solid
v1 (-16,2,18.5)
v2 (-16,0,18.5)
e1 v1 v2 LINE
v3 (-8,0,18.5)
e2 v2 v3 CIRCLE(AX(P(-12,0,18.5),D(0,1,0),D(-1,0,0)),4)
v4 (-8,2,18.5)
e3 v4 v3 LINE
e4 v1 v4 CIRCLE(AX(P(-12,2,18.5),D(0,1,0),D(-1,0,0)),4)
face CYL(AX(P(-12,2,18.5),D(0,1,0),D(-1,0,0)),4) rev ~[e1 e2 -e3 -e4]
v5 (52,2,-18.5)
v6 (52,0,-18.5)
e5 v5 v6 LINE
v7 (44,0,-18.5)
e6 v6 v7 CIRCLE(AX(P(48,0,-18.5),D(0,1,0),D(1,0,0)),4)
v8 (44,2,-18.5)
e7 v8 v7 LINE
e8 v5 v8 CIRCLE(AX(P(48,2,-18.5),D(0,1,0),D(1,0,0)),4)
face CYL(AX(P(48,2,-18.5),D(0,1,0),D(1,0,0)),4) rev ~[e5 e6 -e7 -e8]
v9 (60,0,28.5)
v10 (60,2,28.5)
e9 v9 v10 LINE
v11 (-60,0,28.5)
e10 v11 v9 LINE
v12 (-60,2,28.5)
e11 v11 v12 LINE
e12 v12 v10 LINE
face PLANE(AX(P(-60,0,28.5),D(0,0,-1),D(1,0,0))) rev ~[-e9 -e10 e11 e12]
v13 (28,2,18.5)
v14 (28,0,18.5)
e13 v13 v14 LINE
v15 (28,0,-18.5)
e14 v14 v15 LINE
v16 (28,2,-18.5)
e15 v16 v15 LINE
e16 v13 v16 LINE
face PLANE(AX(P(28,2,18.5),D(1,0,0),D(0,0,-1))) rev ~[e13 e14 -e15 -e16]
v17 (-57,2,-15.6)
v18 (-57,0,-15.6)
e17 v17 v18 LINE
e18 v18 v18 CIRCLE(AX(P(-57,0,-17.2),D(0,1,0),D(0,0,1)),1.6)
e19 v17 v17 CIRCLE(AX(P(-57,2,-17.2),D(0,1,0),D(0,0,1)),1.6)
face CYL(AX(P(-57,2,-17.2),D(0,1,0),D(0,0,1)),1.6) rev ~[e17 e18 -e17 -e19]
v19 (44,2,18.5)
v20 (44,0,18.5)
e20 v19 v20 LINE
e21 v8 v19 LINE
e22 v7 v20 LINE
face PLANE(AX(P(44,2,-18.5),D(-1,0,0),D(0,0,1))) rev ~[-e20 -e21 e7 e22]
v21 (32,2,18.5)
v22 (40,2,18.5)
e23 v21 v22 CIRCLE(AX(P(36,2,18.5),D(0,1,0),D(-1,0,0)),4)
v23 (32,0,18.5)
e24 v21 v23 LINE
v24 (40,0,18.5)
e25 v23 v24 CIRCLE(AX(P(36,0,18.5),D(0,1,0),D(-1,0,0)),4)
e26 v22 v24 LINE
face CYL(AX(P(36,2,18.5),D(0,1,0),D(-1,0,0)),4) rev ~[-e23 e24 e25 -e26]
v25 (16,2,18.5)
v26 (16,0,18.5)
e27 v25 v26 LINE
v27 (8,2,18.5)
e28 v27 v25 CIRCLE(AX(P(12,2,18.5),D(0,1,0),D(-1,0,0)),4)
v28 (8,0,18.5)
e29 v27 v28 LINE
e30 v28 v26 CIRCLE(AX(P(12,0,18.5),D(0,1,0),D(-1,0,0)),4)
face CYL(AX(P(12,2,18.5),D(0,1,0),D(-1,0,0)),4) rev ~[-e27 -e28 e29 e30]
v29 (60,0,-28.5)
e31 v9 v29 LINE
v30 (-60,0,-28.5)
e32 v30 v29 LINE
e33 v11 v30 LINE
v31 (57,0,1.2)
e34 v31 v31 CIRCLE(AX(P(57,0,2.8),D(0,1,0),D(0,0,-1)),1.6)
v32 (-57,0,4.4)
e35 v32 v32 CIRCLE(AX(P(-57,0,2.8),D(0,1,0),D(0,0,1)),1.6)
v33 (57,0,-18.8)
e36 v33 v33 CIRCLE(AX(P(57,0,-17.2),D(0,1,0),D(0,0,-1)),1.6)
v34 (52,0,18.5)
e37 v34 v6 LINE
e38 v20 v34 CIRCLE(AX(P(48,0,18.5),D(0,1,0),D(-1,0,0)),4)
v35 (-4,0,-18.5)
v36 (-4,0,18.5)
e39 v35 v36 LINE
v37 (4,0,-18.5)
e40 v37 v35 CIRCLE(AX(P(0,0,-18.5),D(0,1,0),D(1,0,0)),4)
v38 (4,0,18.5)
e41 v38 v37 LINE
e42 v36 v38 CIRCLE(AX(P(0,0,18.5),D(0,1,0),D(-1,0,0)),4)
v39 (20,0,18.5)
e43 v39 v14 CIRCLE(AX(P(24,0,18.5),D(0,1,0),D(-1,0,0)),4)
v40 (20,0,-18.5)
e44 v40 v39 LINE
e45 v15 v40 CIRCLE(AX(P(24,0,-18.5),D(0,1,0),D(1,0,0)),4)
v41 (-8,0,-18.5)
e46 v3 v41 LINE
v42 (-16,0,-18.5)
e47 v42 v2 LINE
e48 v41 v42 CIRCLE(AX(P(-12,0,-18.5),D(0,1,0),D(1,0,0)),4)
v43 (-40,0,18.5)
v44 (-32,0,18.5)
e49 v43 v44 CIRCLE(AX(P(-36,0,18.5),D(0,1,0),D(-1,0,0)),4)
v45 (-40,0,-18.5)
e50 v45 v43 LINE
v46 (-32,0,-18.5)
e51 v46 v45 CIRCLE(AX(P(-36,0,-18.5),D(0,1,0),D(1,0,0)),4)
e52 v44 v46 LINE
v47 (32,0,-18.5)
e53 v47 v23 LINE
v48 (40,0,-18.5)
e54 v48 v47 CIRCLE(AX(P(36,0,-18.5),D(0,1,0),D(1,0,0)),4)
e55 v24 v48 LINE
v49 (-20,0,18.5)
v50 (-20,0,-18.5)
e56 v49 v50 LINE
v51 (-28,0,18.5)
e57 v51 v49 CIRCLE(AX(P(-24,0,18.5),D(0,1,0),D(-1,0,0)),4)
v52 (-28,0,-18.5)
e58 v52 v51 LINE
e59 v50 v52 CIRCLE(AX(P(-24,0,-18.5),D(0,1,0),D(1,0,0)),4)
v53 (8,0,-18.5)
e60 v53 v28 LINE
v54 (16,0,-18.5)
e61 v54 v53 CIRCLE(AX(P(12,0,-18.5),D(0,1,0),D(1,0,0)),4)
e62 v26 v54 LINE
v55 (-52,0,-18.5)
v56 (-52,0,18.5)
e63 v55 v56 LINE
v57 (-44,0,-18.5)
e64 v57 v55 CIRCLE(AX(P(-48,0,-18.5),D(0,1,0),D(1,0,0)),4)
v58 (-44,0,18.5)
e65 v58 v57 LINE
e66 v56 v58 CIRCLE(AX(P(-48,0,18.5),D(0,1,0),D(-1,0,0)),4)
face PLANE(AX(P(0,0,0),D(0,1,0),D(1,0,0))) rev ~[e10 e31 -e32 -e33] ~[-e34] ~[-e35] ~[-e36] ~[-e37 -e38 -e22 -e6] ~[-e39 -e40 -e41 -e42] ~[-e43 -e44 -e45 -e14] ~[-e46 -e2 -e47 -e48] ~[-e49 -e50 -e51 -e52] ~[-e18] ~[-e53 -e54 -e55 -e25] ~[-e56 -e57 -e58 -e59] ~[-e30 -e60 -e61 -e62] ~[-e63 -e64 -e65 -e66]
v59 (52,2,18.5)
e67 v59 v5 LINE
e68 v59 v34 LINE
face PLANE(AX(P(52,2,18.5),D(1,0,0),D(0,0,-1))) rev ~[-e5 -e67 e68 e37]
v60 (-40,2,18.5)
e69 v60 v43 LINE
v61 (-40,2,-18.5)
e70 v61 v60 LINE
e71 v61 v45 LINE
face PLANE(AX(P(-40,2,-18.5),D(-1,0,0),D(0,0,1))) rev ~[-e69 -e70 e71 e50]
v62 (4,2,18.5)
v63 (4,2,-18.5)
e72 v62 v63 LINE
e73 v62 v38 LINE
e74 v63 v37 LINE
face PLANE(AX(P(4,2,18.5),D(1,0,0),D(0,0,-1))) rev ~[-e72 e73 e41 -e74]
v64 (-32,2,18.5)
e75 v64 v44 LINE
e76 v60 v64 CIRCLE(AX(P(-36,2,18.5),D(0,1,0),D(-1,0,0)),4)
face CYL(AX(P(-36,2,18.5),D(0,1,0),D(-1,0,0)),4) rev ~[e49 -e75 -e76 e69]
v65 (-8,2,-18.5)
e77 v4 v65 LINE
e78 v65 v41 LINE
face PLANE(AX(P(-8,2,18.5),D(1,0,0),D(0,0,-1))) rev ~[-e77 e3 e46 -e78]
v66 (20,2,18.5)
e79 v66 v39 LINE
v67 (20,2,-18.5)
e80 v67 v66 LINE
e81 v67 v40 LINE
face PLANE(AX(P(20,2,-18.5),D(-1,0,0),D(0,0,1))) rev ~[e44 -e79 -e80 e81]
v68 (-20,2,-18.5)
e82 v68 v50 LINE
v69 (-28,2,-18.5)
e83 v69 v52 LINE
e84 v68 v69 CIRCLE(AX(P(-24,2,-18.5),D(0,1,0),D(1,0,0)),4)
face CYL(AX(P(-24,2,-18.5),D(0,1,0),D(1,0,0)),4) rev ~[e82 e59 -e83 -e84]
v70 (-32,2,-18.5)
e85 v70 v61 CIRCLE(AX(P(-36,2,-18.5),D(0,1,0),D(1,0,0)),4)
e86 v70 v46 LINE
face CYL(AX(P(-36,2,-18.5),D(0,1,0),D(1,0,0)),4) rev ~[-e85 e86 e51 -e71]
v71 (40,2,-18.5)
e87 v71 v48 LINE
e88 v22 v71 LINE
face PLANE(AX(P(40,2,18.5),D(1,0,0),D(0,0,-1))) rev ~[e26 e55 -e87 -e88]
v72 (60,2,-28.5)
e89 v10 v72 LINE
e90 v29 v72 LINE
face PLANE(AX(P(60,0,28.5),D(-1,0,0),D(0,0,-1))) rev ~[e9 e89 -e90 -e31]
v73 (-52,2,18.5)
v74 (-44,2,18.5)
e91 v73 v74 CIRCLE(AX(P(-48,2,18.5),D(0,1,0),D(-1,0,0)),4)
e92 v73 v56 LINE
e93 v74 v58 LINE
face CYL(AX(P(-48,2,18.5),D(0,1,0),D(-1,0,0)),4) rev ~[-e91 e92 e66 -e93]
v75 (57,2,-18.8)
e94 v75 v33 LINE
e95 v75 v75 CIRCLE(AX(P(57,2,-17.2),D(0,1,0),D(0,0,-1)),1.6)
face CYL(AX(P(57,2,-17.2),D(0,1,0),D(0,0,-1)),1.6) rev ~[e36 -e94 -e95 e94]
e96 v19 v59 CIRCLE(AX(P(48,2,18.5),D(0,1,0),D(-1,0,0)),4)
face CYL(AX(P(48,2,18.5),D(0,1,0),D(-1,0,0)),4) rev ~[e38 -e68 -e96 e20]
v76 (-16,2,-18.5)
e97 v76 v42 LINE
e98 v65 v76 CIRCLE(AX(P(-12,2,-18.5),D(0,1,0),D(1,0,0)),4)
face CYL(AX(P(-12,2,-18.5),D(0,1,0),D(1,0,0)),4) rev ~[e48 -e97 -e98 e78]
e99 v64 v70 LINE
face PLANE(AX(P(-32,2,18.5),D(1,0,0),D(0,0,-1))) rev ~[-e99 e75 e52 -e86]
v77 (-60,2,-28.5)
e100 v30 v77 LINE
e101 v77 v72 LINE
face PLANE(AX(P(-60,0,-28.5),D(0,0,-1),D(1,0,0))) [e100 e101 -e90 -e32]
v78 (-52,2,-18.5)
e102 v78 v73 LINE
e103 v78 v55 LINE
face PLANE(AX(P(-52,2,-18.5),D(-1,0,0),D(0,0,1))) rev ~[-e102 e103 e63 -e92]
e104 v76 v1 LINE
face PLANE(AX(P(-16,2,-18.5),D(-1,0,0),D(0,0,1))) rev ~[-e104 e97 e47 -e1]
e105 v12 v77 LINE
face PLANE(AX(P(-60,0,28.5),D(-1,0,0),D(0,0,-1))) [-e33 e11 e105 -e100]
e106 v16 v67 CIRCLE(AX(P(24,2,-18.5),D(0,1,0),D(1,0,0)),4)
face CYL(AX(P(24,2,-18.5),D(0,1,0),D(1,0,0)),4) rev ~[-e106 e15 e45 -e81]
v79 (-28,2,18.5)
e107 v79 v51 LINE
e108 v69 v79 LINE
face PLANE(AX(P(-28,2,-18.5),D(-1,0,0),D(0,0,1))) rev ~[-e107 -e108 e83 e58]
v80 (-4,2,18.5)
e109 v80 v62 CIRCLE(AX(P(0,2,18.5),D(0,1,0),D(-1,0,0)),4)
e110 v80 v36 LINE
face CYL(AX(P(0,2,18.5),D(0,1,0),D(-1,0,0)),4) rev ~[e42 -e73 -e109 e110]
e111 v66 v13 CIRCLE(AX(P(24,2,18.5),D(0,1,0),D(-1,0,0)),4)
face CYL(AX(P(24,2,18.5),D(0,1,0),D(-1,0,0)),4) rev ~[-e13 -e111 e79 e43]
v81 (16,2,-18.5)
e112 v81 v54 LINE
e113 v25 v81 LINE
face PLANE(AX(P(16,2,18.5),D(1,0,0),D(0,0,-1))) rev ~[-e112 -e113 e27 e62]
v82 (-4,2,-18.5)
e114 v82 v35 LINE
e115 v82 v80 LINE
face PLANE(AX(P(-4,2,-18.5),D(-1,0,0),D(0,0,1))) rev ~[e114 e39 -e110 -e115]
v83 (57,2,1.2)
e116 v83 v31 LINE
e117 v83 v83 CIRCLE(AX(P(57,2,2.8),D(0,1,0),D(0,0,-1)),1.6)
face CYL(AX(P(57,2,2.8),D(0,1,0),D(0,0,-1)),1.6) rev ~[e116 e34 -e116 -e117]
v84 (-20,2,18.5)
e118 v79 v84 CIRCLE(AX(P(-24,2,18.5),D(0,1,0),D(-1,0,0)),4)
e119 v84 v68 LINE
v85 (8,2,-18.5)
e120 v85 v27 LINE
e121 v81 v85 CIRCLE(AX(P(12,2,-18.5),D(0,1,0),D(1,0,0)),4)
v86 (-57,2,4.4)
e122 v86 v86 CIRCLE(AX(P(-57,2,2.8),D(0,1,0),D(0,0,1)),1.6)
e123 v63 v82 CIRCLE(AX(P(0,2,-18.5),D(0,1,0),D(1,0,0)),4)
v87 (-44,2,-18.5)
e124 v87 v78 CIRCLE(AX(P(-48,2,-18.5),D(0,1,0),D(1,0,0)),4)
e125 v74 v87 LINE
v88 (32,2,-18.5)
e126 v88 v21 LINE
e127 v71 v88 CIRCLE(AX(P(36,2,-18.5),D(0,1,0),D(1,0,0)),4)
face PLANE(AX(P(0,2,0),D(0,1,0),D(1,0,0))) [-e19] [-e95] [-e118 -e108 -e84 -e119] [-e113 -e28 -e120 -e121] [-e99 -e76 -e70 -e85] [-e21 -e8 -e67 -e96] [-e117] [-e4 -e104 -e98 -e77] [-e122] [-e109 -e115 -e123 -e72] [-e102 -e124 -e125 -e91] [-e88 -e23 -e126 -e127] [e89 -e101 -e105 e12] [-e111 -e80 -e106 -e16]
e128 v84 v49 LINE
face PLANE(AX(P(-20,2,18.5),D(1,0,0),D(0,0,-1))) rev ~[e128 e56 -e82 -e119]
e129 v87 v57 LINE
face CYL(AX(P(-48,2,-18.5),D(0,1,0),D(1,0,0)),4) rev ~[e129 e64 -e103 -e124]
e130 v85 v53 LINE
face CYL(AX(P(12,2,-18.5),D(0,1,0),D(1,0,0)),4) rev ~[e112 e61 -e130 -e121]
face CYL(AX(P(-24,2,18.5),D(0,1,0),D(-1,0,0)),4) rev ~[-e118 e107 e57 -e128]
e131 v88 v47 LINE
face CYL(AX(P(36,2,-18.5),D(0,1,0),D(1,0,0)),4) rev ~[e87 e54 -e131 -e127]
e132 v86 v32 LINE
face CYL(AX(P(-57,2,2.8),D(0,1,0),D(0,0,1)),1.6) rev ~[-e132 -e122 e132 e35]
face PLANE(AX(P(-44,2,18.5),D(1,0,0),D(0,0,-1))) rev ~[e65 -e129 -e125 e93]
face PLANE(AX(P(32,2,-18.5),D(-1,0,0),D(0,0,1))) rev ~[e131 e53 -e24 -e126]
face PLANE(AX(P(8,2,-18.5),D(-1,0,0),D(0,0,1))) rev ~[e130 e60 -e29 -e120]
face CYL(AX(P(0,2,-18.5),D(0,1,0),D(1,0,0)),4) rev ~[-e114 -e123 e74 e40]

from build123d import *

# Parameters (mm, degrees)
SKETCH_1_W                 = 120
SKETCH_1_H                 = 57
EXTRUDE_1_DEPTH            = 2
SKETCH_2_R                 = 1.6
CUT_EXTRUDE_1_DEPTH        = 67.454871906
CUT_EXTRUDE_2_DEPTH        = 67.454871906
PATTERN_LINEAR_1_COUNT     = 5
PATTERN_LINEAR_1_PITCH     = 12
PATTERN_LINEAR_1_COL_COUNT = 5
PATTERN_LINEAR_1_COL_PITCH = 12


with BuildPart() as part:
    # 草图1 → 凸台-拉伸1 (new body)
    with BuildSketch(Plane(origin=(0, 0, 0), x_dir=(1, 0, 0), z_dir=(0, 1, 0))):
        Rectangle(SKETCH_1_W, SKETCH_1_H)
    extrude(amount=EXTRUDE_1_DEPTH)

    # 草图2 → 切除-拉伸1 (cut, through all)
    with BuildSketch(Plane(origin=(0, 2, 0), x_dir=(1, 0, 0), z_dir=(0, 1, 0))):
        with Locations(Location((-57, 17.2, 0), (0, 0, 270))):
            Circle(SKETCH_2_R)
        with Locations(Location((-57, -2.8, 0), (0, 0, 270))):
            Circle(SKETCH_2_R)
        with Locations(Location((57, -2.8, 0), (0, 0, 90))):
            Circle(SKETCH_2_R)
        with Locations(Location((57, 17.2, 0), (0, 0, 90))):
            Circle(SKETCH_2_R)
    extrude(amount=-CUT_EXTRUDE_1_DEPTH, mode=Mode.SUBTRACT)

    # 草图3 → 切除-拉伸2 (cut, through all)
    with BuildSketch(Plane(origin=(0, 2, 0), x_dir=(1, 0, 0), z_dir=(0, 1, 0))):
        with BuildLine():
            ThreePointArc((-4, -18.5), (0, -14.5), (4, -18.5))
            Line((4, -18.5), (4, 18.5))
            ThreePointArc((4, 18.5), (0, 14.5), (-4, 18.5))
            Line((-4, 18.5), (-4, -18.5))
        make_face()
        with BuildLine():
            ThreePointArc((-4, 18.5), (0, 14.5), (4, 18.5))
            Line((4, 18.5), (-4, 18.5))
        make_face()
        with BuildLine():
            Line((-4, 18.5), (4, 18.5))
            ThreePointArc((4, 18.5), (0, 22.5), (-4, 18.5))
        make_face()
        with BuildLine():
            ThreePointArc((-4, -18.5), (0, -22.5), (4, -18.5))
            Line((4, -18.5), (-4, -18.5))
        make_face()
        with BuildLine():
            Line((-4, -18.5), (4, -18.5))
            ThreePointArc((4, -18.5), (0, -14.5), (-4, -18.5))
        make_face()
    cut_extrude_2 = extrude(amount=-CUT_EXTRUDE_2_DEPTH, mode=Mode.SUBTRACT)

    # 阵列(线性)1: 切除-拉伸2 ×5
    with Locations(*[(i * PATTERN_LINEAR_1_PITCH, 0, 0) for i in range(1, PATTERN_LINEAR_1_COUNT)]):
        add(cut_extrude_2, mode=Mode.SUBTRACT)

    # 阵列(线性)1 col: 切除-拉伸2 ×5
    with Locations(*[(-i * PATTERN_LINEAR_1_COL_PITCH, 0, 0) for i in range(1, PATTERN_LINEAR_1_COL_COUNT)]):
        add(cut_extrude_2, mode=Mode.SUBTRACT)


solid = part.part
